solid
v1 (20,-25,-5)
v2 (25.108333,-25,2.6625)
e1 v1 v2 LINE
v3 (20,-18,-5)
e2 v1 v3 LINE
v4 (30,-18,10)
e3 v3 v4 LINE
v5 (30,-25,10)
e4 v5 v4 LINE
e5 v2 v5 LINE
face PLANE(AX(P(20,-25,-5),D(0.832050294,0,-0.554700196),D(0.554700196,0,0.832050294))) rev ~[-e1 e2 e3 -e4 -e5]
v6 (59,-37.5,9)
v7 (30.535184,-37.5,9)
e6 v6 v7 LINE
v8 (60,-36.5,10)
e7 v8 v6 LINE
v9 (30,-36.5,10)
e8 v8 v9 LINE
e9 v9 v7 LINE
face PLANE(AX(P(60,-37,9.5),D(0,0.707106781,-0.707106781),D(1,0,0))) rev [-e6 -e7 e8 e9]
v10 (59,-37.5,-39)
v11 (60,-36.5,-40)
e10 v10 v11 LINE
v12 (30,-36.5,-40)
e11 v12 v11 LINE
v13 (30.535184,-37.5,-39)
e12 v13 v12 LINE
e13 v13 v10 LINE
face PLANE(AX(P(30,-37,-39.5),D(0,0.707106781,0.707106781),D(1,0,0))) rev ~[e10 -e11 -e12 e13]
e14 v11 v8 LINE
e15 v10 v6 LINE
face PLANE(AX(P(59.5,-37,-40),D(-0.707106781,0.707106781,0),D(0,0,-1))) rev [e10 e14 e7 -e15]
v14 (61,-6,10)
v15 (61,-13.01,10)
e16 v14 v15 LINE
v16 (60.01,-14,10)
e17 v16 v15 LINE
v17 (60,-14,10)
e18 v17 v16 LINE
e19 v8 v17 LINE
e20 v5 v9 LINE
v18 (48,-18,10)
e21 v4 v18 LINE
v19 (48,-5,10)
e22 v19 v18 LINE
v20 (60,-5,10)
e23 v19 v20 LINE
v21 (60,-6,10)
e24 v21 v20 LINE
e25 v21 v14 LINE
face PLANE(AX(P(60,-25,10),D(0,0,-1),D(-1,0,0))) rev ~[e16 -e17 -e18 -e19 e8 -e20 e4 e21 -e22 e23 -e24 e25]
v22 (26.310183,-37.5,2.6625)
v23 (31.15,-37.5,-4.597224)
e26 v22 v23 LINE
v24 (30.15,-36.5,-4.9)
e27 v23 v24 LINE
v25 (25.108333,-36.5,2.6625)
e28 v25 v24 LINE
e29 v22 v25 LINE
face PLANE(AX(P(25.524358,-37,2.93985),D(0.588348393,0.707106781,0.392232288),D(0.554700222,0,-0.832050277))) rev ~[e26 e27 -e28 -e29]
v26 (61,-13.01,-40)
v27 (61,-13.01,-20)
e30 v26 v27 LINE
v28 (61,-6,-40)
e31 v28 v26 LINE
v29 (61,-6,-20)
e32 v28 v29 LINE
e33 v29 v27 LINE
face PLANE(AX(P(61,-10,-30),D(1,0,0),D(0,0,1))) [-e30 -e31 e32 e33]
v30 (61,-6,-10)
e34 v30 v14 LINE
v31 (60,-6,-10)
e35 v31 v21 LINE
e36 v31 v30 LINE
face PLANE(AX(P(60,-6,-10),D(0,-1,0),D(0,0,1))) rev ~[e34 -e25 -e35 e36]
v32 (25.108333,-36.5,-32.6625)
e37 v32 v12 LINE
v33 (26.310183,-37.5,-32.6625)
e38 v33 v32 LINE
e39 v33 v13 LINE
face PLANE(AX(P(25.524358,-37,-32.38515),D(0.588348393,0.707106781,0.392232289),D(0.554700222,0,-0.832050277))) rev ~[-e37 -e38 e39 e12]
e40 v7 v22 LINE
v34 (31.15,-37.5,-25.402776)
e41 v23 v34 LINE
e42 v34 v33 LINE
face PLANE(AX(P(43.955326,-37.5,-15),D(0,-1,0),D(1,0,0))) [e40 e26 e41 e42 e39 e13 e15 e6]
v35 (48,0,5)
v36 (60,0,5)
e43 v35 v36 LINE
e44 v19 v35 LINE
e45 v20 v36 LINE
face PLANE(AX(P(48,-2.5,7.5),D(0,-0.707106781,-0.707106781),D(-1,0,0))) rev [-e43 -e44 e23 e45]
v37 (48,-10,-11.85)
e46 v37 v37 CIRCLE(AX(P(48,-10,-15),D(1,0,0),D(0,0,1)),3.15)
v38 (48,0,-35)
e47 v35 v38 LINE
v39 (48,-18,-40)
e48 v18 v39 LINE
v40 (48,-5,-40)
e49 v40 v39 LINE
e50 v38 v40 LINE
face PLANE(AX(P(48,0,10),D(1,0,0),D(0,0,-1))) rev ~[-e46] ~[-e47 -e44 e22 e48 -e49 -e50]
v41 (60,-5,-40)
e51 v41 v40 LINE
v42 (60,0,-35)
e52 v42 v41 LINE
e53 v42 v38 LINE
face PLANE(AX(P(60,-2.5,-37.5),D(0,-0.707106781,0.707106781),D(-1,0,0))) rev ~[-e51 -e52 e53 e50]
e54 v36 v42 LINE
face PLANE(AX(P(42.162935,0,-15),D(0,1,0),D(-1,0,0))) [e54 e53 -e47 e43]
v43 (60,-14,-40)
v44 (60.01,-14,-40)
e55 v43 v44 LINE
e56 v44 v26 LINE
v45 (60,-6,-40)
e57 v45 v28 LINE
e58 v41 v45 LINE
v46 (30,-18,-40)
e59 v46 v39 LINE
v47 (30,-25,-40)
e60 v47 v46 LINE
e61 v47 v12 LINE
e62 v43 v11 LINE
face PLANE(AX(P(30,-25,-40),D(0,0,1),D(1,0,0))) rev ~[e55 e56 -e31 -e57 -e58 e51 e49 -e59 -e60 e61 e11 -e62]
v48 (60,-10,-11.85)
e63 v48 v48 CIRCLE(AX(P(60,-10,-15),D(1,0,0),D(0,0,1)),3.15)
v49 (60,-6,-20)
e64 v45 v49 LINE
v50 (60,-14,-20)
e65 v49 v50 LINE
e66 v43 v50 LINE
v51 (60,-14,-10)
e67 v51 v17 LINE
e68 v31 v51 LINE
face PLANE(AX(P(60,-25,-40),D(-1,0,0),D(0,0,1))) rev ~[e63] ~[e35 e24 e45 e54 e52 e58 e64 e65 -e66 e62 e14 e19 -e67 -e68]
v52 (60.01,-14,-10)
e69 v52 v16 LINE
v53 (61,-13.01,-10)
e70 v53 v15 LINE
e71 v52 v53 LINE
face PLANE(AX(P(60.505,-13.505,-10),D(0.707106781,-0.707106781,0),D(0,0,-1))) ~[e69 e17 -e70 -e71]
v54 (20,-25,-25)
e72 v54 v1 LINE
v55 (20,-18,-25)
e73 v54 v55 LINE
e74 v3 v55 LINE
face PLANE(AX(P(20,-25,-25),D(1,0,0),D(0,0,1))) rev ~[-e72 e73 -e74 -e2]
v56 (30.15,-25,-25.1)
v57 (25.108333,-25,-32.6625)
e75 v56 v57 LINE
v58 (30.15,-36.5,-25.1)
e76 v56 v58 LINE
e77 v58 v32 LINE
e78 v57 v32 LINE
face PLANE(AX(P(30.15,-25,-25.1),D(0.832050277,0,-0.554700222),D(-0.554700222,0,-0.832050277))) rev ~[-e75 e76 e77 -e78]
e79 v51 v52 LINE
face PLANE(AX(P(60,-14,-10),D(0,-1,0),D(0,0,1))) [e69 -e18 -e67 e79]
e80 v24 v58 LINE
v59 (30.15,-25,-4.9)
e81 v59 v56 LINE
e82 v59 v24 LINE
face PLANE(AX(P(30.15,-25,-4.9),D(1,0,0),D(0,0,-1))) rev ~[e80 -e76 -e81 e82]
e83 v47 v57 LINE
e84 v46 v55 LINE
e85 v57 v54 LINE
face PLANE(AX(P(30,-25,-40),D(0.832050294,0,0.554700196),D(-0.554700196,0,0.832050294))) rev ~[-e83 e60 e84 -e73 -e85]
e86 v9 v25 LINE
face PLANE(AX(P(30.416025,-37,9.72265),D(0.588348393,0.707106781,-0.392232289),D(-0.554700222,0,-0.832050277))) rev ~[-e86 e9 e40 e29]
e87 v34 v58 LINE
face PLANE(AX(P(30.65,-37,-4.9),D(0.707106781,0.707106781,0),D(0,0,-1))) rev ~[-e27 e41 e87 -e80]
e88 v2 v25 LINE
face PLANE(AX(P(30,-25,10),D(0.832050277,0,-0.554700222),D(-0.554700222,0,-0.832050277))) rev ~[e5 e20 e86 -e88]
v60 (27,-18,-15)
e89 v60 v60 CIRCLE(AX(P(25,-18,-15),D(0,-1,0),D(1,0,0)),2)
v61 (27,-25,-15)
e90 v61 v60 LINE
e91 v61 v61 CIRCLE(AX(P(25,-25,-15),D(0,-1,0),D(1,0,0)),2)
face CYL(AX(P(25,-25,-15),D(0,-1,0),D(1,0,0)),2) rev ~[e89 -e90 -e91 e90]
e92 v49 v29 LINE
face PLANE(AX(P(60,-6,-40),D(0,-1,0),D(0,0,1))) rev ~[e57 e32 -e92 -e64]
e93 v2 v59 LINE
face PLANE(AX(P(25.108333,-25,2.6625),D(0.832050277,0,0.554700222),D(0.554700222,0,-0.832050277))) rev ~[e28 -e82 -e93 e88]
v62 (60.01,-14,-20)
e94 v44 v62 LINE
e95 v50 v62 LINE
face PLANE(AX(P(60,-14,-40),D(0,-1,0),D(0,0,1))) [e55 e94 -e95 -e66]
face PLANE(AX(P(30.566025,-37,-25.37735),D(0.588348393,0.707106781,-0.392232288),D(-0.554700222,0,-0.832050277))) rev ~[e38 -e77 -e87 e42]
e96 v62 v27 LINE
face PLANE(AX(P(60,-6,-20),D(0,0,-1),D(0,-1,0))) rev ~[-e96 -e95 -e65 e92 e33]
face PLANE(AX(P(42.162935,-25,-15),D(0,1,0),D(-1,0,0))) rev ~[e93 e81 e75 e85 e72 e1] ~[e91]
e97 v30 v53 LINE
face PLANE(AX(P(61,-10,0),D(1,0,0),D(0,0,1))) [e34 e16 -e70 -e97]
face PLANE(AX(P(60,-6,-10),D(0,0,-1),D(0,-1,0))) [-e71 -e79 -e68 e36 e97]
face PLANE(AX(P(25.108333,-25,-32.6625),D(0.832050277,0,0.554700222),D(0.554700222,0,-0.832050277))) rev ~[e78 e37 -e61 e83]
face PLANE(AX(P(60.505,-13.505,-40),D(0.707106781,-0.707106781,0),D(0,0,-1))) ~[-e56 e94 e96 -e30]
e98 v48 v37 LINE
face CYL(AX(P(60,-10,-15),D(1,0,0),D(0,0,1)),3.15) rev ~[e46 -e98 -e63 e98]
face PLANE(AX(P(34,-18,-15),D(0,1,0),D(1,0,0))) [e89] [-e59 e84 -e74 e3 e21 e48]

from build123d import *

# Parameters (mm, degrees)
SKETCH047_R     = 2
PAD012_DEPTH    = 25
SKETCH048_R     = 3.15
POCKET030_DEPTH = 40.001
SKETCH049_W     = 28
SKETCH049_H     = 50
POCKET031_DEPTH = 18
PAD013_DEPTH    = 12.5
SKETCH051_W     = 20
SKETCH051_H     = 8
PAD014_DEPTH    = 1
CHAMFER009_SIZE = 0.99
CHAMFER010_SIZE = 1
CHAMFER011_SIZE = 5


with BuildPart() as part:
    # Sketch047 → Pad012 (new body)
    with BuildSketch(Plane.XZ):
        Polygon((0, 0), (-30, 0), (-40, 15), (-40, 35), (-30, 50), (0, 50), align=None)
        with Locations((-35, 25)):
            Circle(SKETCH047_R, mode=Mode.SUBTRACT)
    extrude(amount=-PAD012_DEPTH)

    # Sketch048 (on Face6 of Pad012) → Pocket030 (cut, through all)
    with BuildSketch(Plane(origin=(0, 0, 0), x_dir=(0, 0, 1), z_dir=(1, 0, 0))):
        with Locations((25, -15)):
            Circle(SKETCH048_R)
    extrude(amount=-POCKET030_DEPTH, mode=Mode.SUBTRACT)

    # Sketch049 (on Face5 of Pocket030) → Pocket031 (cut)
    with BuildSketch(Plane(origin=(0, 25, 0), x_dir=(1, 0, 0), z_dir=(0, 1, 0))):
        with Locations((-26, -25)):
            Rectangle(SKETCH049_W, SKETCH049_H)
    extrude(amount=-POCKET031_DEPTH, mode=Mode.SUBTRACT)

    # Sketch050 (on Face2 of Pocket031) → Pad013 (join)
    with BuildSketch(Plane.XZ):
        Polygon((-34.891667, 42.6625), (-29.85, 35.1), (-29.85, 14.9), (-34.891667, 7.3375), (-30, 0), (0, 0), (0, 50), (-30, 50), align=None)
    extrude(amount=PAD013_DEPTH)

    # Sketch051 (on Face14 of Pad013) → Pad014 (join)
    with BuildSketch(Plane(origin=(0, 0, 0), x_dir=(0, 0, 1), z_dir=(1, 0, 0))):
        with Locations((10, -15)):
            Rectangle(SKETCH051_W, SKETCH051_H)
        with Locations((40, -15)):
            Rectangle(SKETCH051_W, SKETCH051_H)
    extrude(amount=PAD014_DEPTH)

    # Chamfer009
    chamfer009_edges = [part.edges().sort_by_distance(p)[0] for p in [
        (1, 11, 40),
        (1, 11, 10),
    ]]
    chamfer(chamfer009_edges, length=CHAMFER009_SIZE)

    # Chamfer010
    chamfer010_edges = [part.edges().sort_by_distance(p)[0] for p in [
        (-32.370833, -12.5, 38.88125),
        (-29.85, -12.5, 25),
        (-32.370833, -12.5, 11.11875),
        (-32.445833, -12.5, 3.66875),
        (-15, -12.5, 0),
        (0, -12.5, 25),
        (-15, -12.5, 50),
        (-32.445833, -12.5, 46.33125),
    ]]
    chamfer(chamfer010_edges, length=CHAMFER010_SIZE)

    # Chamfer011
    chamfer011_edges = [part.edges().sort_by_distance(p)[0] for p in [
        (-6, 25, 50),
        (-6, 25, 0),
    ]]
    chamfer(chamfer011_edges, length=CHAMFER011_SIZE)


with BuildPart() as part_1:
    # Body004 placement: moved
    add(part.part.moved(Location((60, -25, -40))))


solid = part_1.part
